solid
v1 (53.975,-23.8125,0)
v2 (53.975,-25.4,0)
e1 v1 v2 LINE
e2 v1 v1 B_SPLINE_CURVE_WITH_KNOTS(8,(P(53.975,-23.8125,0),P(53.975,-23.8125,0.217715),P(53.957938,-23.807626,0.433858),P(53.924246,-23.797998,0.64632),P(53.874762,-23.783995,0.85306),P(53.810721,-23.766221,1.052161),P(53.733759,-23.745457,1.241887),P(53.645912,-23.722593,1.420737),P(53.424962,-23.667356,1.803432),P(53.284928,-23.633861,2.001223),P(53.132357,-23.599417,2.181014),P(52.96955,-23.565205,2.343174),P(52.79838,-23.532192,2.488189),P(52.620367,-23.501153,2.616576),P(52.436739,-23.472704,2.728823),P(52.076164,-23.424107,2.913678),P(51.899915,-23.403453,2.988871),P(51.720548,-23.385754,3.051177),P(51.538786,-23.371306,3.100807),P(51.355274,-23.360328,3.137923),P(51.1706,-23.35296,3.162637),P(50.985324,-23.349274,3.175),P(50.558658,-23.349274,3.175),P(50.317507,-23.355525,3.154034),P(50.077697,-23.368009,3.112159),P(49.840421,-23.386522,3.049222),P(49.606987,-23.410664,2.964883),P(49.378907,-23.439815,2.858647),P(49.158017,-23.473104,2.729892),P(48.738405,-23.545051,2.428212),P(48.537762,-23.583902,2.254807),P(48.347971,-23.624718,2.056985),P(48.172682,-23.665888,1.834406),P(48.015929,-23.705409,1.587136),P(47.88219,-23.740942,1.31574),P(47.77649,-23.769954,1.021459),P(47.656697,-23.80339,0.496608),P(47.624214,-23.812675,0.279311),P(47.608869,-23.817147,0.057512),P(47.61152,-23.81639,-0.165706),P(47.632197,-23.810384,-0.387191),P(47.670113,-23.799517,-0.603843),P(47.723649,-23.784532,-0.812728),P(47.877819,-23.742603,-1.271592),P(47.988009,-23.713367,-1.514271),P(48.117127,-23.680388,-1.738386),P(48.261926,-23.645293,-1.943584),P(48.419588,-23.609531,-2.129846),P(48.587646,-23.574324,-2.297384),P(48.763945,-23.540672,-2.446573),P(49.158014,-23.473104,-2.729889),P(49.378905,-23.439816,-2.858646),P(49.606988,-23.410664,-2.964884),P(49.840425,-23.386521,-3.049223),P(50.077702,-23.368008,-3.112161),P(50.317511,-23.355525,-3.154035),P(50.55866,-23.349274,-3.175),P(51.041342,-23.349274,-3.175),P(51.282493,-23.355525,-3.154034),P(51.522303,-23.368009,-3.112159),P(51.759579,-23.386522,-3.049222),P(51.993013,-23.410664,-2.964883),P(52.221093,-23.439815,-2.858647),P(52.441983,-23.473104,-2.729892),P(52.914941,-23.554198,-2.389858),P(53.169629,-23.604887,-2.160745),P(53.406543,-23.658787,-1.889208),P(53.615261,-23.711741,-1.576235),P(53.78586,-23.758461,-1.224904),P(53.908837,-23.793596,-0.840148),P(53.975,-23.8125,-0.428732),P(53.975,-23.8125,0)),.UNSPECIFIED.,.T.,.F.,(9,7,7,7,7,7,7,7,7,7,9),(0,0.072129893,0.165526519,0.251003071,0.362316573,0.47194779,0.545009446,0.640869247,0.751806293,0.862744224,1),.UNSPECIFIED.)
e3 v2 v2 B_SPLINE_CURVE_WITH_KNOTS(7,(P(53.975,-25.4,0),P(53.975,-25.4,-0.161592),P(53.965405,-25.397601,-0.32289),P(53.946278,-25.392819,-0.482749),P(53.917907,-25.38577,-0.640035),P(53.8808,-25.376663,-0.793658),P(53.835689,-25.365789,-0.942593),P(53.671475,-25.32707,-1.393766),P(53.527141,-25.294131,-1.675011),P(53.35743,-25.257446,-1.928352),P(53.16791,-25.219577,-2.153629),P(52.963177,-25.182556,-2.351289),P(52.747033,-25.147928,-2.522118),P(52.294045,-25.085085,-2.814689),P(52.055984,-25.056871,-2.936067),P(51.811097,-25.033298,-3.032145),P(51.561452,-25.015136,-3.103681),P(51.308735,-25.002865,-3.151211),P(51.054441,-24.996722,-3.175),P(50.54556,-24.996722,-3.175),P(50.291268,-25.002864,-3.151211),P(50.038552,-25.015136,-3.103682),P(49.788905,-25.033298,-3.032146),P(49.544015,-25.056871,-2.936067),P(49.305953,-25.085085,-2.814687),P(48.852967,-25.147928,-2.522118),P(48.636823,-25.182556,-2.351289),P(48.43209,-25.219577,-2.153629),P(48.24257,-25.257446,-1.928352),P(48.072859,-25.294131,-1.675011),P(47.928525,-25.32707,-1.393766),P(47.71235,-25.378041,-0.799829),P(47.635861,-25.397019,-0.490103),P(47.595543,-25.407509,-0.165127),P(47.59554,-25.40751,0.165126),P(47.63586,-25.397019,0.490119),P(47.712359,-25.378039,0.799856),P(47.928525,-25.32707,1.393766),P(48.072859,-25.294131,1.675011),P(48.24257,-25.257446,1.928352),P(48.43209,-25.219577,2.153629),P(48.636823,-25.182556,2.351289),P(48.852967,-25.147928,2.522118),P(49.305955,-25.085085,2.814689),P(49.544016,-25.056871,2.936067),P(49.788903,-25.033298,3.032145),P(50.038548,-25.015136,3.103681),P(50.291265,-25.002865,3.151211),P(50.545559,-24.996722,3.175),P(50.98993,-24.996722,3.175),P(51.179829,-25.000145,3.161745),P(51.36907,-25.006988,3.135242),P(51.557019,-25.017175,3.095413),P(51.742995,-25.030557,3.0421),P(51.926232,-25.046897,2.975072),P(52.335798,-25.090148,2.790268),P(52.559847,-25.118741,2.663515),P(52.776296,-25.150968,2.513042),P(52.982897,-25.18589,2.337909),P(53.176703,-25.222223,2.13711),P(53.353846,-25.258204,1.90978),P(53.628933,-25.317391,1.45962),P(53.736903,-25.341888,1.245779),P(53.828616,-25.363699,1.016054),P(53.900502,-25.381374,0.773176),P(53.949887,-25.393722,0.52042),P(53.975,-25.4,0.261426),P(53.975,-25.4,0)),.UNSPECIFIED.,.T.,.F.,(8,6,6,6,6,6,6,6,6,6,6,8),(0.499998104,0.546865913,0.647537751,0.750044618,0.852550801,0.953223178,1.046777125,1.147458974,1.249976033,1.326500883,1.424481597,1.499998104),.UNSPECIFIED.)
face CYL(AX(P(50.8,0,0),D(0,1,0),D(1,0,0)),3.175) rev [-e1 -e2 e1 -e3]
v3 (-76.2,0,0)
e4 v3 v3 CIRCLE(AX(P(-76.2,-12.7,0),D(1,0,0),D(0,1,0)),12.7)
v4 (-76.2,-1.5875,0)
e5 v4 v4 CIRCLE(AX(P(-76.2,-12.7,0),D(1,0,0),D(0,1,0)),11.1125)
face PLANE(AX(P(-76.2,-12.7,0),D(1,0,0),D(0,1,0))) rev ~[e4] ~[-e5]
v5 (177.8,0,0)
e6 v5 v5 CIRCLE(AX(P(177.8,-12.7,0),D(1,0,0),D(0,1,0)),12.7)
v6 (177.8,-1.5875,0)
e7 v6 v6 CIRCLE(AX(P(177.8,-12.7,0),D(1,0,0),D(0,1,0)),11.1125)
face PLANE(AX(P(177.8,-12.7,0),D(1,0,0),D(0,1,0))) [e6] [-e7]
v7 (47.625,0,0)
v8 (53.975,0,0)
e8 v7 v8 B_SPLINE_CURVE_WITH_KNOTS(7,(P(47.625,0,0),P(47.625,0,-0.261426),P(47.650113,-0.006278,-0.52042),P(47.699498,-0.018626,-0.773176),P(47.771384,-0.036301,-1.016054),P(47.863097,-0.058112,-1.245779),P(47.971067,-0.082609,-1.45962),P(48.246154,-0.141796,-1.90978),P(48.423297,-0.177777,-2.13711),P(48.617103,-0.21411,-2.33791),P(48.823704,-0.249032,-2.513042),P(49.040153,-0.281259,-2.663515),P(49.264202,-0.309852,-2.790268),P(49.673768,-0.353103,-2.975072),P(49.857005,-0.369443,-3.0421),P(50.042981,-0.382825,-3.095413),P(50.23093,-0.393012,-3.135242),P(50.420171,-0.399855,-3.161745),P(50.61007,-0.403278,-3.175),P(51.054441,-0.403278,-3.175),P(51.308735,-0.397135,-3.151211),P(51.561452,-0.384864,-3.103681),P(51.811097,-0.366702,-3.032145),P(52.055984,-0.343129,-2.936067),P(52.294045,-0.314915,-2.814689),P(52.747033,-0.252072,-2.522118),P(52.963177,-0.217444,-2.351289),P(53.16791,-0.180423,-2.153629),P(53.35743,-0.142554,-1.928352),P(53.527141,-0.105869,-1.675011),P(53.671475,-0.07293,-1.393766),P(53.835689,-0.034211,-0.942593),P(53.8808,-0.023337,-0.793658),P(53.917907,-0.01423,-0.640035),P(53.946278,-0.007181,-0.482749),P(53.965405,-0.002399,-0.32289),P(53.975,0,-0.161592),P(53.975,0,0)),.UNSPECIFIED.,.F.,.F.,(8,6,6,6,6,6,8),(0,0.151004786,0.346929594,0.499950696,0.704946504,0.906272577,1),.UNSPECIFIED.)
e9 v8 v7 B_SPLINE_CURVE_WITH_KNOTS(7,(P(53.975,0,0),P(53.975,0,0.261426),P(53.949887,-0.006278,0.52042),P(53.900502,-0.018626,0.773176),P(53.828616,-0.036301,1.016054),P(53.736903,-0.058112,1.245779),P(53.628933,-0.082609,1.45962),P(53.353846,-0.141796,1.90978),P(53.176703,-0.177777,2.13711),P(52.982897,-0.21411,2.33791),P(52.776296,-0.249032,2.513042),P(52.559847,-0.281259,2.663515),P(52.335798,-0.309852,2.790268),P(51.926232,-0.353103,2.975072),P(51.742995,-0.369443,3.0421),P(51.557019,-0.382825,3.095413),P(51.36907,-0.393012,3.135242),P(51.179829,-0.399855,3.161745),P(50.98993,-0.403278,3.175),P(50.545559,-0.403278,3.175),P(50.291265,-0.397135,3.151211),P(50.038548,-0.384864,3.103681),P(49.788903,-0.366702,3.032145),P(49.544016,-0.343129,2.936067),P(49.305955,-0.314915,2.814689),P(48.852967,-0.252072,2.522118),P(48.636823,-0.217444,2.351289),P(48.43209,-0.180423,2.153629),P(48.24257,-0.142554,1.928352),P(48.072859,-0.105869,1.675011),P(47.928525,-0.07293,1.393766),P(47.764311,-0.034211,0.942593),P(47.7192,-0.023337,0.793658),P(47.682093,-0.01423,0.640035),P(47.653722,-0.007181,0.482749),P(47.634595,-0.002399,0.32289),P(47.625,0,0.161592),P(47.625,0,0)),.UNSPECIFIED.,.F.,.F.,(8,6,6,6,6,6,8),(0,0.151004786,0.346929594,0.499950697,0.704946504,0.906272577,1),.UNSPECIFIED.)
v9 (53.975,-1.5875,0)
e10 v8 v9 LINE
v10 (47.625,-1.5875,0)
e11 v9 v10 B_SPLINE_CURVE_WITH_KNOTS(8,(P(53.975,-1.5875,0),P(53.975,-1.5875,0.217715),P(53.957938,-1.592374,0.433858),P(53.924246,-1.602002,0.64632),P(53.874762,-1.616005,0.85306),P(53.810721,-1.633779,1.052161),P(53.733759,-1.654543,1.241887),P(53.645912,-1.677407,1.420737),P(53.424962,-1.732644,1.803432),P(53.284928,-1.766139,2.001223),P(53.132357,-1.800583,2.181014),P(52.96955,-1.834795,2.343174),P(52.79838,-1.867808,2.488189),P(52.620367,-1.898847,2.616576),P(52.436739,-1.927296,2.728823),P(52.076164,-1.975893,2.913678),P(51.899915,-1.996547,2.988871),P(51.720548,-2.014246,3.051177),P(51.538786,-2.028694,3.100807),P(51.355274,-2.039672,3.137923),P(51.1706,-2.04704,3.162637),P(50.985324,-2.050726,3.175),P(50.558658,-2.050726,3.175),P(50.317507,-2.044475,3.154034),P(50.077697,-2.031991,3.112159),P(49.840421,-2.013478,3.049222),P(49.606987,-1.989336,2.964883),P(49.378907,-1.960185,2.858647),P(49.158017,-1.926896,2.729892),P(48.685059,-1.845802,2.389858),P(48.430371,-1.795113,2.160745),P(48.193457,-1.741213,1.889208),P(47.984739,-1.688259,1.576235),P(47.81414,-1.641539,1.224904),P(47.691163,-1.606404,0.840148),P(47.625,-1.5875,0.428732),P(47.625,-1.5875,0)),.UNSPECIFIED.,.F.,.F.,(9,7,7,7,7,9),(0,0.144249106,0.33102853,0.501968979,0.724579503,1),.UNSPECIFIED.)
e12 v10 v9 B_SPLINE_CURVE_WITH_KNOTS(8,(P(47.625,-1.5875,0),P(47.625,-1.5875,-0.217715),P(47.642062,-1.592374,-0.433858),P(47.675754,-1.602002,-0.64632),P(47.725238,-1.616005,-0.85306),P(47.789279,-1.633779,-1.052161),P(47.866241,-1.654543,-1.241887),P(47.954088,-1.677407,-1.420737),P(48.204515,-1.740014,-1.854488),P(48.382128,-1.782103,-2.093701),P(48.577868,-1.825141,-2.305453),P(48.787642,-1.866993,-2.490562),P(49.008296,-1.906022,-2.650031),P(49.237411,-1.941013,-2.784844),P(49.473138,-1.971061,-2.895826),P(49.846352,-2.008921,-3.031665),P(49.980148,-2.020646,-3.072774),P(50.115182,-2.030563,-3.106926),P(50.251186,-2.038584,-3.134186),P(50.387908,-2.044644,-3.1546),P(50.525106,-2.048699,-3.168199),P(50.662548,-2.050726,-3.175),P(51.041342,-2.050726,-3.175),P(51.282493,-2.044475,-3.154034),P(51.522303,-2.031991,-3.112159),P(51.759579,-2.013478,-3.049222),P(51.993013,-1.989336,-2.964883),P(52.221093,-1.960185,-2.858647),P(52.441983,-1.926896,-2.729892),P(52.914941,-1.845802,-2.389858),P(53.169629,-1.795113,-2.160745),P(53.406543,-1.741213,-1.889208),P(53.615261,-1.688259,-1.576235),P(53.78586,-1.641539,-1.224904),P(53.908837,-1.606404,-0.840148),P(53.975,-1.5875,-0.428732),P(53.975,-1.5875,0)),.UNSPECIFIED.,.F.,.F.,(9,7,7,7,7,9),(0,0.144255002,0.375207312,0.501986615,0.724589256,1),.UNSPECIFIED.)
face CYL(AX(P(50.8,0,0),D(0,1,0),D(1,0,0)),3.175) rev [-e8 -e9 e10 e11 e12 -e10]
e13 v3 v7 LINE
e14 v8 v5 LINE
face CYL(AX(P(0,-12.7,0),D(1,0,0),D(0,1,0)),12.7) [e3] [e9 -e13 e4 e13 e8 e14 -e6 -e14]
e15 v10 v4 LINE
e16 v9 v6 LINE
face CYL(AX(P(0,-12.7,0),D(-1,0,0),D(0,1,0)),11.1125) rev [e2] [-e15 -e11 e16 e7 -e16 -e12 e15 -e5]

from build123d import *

# Parameters (mm, degrees)
F0_R          = 12.7
F0_R_2        = 11.1125
F3_DEPTH      = 177.8
F3_DEPTH_BACK = 76.2
F1_R          = 3.175
F2_DEPTH      = 25.4


with BuildPart() as f3:
    # F0 (on Right) → F3 (new body, two sides)
    with BuildSketch(Plane.YZ) as f3_sk:
        with Locations((-12.7, 0)):
            Circle(F0_R)
        with Locations((-12.7, 0)):
            Circle(F0_R_2, mode=Mode.SUBTRACT)
    extrude(amount=F3_DEPTH)
    extrude(f3_sk.sketch, amount=-F3_DEPTH_BACK)

    # F1 (on Front) → F2 (cut)
    with BuildSketch(Plane.XZ):
        with Locations((50.8, 0)):
            Circle(F1_R)
    extrude(amount=F2_DEPTH, mode=Mode.SUBTRACT)


solid = f3.part
